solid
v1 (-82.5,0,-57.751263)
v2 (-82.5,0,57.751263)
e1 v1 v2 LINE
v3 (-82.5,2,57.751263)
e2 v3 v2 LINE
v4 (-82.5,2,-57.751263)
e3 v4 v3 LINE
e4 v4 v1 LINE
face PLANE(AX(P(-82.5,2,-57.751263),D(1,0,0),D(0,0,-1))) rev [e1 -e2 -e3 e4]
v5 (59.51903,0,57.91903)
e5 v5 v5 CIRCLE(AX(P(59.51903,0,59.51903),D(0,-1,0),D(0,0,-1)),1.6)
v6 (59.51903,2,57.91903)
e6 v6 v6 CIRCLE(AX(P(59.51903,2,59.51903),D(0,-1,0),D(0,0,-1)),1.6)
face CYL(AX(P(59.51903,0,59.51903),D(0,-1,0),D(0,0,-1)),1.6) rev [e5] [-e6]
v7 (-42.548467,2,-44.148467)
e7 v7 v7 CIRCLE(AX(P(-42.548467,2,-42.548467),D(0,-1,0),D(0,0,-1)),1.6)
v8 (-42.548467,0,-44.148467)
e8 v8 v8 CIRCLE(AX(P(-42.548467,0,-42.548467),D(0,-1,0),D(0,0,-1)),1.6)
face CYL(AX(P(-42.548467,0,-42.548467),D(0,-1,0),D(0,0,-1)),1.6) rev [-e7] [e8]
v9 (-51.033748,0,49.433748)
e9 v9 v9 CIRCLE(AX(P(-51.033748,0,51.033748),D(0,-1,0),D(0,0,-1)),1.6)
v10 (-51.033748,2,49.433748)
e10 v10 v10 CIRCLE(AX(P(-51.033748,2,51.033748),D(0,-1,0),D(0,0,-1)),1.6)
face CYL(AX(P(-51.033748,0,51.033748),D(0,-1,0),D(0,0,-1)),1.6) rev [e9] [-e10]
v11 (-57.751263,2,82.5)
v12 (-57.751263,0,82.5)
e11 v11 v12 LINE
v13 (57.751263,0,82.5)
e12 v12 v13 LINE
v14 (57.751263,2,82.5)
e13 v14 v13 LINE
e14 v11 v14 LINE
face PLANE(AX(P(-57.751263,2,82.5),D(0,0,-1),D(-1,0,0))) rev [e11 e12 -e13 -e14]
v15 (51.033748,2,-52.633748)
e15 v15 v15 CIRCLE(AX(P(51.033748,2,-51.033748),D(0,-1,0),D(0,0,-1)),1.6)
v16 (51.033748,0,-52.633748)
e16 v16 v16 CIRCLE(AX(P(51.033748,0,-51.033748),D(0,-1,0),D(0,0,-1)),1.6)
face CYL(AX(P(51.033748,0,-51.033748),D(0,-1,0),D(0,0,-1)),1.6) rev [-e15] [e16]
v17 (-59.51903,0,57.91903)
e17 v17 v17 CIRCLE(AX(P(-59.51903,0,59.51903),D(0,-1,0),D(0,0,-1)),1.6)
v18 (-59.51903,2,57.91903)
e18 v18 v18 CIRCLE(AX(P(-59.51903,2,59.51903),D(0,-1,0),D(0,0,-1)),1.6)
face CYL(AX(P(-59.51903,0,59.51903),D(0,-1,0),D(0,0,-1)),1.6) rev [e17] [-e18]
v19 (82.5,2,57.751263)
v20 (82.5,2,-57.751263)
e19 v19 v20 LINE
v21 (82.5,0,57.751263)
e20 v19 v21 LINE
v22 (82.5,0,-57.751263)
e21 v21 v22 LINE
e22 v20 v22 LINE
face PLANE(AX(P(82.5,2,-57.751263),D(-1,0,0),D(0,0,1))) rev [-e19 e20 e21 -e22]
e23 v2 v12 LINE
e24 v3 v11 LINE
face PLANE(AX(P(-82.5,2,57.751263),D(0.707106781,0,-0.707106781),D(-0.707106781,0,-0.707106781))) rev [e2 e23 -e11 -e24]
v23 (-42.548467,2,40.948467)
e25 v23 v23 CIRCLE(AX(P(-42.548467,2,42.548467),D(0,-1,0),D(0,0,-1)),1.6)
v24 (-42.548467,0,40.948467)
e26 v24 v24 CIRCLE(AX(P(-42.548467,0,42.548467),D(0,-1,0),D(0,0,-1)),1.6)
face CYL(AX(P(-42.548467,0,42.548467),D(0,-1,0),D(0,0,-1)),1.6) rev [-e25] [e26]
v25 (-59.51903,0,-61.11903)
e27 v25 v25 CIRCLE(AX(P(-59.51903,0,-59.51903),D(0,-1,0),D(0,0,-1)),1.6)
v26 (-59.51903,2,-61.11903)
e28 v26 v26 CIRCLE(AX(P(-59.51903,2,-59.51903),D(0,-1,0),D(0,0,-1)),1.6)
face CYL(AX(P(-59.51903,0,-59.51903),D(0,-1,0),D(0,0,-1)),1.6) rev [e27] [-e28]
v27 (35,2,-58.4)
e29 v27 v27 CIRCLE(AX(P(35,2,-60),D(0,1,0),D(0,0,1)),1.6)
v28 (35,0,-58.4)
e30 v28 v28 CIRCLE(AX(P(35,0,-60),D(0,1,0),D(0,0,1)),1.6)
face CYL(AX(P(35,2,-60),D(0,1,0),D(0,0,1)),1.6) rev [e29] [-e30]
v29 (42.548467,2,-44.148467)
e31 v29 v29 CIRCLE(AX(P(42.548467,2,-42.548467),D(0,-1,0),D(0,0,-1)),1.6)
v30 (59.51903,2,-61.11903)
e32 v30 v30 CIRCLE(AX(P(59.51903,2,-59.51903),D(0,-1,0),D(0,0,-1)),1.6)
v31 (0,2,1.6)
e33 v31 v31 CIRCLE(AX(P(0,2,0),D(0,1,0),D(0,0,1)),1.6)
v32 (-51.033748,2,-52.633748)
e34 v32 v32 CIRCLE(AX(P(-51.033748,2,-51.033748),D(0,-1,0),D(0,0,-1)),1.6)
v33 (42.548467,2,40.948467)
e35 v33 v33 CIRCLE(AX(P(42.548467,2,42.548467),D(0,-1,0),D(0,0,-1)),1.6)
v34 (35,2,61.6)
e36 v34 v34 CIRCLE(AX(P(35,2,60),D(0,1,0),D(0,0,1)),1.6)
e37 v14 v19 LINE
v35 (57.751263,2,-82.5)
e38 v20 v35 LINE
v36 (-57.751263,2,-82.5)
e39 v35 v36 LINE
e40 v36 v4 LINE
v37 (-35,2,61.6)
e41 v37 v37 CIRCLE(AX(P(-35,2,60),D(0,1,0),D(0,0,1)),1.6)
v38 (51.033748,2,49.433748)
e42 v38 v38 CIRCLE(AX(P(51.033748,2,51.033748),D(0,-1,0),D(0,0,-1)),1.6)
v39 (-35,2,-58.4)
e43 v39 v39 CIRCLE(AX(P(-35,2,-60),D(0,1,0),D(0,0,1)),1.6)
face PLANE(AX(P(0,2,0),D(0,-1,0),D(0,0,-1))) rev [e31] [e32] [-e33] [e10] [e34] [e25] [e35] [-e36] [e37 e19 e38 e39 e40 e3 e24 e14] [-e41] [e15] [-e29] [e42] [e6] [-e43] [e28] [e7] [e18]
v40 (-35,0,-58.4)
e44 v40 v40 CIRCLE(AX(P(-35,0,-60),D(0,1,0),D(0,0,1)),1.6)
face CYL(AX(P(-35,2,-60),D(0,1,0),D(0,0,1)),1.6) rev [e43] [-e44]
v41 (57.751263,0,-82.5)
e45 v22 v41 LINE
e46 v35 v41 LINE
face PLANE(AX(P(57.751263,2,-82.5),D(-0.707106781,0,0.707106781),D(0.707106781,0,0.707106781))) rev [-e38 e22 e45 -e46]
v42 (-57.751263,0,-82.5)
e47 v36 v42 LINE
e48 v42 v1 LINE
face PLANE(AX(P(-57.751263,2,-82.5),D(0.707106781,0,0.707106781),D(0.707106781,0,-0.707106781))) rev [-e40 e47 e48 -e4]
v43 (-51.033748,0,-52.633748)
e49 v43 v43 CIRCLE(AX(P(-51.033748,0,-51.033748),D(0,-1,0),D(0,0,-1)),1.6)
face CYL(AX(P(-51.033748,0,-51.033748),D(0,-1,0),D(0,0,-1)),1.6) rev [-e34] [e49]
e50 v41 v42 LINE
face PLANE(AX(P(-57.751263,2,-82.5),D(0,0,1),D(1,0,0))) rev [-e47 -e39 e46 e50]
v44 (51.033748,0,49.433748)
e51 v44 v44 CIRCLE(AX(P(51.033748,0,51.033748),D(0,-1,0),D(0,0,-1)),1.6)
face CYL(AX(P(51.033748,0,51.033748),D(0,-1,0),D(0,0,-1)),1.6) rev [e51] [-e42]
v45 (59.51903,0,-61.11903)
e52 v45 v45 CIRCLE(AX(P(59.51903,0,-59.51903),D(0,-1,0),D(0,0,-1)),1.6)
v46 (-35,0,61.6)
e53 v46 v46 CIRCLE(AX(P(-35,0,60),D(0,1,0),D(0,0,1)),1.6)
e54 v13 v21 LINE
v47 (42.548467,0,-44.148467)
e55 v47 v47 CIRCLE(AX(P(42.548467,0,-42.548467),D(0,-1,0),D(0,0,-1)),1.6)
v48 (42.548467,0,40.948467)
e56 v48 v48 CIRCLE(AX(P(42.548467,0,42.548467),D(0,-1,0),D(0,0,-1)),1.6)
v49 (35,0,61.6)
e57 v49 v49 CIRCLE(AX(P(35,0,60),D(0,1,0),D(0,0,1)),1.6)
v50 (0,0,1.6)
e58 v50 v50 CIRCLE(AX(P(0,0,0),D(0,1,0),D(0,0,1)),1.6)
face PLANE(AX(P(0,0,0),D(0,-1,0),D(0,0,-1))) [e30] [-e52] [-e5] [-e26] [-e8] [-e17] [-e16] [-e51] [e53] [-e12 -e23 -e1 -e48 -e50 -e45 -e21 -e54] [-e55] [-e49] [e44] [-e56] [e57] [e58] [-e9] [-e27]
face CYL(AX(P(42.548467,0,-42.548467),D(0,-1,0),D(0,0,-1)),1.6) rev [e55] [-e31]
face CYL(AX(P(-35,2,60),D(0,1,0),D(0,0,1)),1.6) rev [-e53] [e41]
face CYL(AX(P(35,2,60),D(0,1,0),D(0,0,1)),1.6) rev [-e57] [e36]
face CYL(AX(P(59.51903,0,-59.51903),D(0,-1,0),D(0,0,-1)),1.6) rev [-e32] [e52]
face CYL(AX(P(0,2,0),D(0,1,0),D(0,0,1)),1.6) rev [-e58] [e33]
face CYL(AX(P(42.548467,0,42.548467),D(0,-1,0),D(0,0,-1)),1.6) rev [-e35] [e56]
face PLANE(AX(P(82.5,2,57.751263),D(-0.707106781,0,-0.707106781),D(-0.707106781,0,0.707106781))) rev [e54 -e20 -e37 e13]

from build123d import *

# Parameters (mm, degrees)
BOSS_EXTRUDE1_DEPTH  = 2
M3_CLEARANCE_HOLE1_D = 3.2
M3_CLEARANCE_HOLE2_D = 3.2


with BuildPart() as part:
    # Sketch1 → Boss-Extrude1 (new body)
    with BuildSketch(Plane(origin=(0, 0, 0), x_dir=(1, 0, 0), z_dir=(0, 1, 0))):
        Polygon((-57.751262658, 82.5), (-82.5, 57.751262658), (-82.5, -57.751262658), (-57.751262658, -82.5), (57.751262658, -82.5), (82.5, -57.751262658), (82.5, 57.751262658), (57.751262658, 82.5), align=None)
    extrude(amount=BOSS_EXTRUDE1_DEPTH)

    # M3 Clearance Hole1 (through all)
    with Locations(Plane(origin=(0, 0, 0), x_dir=(-1, 0, 0), z_dir=(0, -1, 0))):
        with Locations((42.548466863, -42.548466863), (59.519029611, 59.519029611), (51.033748237, 51.033748237), (42.548466863, 42.548466863), (-59.519029611, -59.519029611), (-51.033748237, -51.033748237), (-42.548466863, -42.548466863), (-59.519029611, 59.519029611), (-51.033748237, 51.033748237), (-42.548466863, 42.548466863), (59.519029611, -59.519029611), (51.033748237, -51.033748237)):
            Hole(M3_CLEARANCE_HOLE1_D / 2)

    # M3 Clearance Hole2 (through all)
    with Locations(Plane(origin=(0, 2, 0), x_dir=(1, 0, 0), z_dir=(0, 1, 0))):
        with Locations((0, 0), (-35, 60), (35, -60), (35, 60), (-35, -60)):
            Hole(M3_CLEARANCE_HOLE2_D / 2)


solid = part.part
